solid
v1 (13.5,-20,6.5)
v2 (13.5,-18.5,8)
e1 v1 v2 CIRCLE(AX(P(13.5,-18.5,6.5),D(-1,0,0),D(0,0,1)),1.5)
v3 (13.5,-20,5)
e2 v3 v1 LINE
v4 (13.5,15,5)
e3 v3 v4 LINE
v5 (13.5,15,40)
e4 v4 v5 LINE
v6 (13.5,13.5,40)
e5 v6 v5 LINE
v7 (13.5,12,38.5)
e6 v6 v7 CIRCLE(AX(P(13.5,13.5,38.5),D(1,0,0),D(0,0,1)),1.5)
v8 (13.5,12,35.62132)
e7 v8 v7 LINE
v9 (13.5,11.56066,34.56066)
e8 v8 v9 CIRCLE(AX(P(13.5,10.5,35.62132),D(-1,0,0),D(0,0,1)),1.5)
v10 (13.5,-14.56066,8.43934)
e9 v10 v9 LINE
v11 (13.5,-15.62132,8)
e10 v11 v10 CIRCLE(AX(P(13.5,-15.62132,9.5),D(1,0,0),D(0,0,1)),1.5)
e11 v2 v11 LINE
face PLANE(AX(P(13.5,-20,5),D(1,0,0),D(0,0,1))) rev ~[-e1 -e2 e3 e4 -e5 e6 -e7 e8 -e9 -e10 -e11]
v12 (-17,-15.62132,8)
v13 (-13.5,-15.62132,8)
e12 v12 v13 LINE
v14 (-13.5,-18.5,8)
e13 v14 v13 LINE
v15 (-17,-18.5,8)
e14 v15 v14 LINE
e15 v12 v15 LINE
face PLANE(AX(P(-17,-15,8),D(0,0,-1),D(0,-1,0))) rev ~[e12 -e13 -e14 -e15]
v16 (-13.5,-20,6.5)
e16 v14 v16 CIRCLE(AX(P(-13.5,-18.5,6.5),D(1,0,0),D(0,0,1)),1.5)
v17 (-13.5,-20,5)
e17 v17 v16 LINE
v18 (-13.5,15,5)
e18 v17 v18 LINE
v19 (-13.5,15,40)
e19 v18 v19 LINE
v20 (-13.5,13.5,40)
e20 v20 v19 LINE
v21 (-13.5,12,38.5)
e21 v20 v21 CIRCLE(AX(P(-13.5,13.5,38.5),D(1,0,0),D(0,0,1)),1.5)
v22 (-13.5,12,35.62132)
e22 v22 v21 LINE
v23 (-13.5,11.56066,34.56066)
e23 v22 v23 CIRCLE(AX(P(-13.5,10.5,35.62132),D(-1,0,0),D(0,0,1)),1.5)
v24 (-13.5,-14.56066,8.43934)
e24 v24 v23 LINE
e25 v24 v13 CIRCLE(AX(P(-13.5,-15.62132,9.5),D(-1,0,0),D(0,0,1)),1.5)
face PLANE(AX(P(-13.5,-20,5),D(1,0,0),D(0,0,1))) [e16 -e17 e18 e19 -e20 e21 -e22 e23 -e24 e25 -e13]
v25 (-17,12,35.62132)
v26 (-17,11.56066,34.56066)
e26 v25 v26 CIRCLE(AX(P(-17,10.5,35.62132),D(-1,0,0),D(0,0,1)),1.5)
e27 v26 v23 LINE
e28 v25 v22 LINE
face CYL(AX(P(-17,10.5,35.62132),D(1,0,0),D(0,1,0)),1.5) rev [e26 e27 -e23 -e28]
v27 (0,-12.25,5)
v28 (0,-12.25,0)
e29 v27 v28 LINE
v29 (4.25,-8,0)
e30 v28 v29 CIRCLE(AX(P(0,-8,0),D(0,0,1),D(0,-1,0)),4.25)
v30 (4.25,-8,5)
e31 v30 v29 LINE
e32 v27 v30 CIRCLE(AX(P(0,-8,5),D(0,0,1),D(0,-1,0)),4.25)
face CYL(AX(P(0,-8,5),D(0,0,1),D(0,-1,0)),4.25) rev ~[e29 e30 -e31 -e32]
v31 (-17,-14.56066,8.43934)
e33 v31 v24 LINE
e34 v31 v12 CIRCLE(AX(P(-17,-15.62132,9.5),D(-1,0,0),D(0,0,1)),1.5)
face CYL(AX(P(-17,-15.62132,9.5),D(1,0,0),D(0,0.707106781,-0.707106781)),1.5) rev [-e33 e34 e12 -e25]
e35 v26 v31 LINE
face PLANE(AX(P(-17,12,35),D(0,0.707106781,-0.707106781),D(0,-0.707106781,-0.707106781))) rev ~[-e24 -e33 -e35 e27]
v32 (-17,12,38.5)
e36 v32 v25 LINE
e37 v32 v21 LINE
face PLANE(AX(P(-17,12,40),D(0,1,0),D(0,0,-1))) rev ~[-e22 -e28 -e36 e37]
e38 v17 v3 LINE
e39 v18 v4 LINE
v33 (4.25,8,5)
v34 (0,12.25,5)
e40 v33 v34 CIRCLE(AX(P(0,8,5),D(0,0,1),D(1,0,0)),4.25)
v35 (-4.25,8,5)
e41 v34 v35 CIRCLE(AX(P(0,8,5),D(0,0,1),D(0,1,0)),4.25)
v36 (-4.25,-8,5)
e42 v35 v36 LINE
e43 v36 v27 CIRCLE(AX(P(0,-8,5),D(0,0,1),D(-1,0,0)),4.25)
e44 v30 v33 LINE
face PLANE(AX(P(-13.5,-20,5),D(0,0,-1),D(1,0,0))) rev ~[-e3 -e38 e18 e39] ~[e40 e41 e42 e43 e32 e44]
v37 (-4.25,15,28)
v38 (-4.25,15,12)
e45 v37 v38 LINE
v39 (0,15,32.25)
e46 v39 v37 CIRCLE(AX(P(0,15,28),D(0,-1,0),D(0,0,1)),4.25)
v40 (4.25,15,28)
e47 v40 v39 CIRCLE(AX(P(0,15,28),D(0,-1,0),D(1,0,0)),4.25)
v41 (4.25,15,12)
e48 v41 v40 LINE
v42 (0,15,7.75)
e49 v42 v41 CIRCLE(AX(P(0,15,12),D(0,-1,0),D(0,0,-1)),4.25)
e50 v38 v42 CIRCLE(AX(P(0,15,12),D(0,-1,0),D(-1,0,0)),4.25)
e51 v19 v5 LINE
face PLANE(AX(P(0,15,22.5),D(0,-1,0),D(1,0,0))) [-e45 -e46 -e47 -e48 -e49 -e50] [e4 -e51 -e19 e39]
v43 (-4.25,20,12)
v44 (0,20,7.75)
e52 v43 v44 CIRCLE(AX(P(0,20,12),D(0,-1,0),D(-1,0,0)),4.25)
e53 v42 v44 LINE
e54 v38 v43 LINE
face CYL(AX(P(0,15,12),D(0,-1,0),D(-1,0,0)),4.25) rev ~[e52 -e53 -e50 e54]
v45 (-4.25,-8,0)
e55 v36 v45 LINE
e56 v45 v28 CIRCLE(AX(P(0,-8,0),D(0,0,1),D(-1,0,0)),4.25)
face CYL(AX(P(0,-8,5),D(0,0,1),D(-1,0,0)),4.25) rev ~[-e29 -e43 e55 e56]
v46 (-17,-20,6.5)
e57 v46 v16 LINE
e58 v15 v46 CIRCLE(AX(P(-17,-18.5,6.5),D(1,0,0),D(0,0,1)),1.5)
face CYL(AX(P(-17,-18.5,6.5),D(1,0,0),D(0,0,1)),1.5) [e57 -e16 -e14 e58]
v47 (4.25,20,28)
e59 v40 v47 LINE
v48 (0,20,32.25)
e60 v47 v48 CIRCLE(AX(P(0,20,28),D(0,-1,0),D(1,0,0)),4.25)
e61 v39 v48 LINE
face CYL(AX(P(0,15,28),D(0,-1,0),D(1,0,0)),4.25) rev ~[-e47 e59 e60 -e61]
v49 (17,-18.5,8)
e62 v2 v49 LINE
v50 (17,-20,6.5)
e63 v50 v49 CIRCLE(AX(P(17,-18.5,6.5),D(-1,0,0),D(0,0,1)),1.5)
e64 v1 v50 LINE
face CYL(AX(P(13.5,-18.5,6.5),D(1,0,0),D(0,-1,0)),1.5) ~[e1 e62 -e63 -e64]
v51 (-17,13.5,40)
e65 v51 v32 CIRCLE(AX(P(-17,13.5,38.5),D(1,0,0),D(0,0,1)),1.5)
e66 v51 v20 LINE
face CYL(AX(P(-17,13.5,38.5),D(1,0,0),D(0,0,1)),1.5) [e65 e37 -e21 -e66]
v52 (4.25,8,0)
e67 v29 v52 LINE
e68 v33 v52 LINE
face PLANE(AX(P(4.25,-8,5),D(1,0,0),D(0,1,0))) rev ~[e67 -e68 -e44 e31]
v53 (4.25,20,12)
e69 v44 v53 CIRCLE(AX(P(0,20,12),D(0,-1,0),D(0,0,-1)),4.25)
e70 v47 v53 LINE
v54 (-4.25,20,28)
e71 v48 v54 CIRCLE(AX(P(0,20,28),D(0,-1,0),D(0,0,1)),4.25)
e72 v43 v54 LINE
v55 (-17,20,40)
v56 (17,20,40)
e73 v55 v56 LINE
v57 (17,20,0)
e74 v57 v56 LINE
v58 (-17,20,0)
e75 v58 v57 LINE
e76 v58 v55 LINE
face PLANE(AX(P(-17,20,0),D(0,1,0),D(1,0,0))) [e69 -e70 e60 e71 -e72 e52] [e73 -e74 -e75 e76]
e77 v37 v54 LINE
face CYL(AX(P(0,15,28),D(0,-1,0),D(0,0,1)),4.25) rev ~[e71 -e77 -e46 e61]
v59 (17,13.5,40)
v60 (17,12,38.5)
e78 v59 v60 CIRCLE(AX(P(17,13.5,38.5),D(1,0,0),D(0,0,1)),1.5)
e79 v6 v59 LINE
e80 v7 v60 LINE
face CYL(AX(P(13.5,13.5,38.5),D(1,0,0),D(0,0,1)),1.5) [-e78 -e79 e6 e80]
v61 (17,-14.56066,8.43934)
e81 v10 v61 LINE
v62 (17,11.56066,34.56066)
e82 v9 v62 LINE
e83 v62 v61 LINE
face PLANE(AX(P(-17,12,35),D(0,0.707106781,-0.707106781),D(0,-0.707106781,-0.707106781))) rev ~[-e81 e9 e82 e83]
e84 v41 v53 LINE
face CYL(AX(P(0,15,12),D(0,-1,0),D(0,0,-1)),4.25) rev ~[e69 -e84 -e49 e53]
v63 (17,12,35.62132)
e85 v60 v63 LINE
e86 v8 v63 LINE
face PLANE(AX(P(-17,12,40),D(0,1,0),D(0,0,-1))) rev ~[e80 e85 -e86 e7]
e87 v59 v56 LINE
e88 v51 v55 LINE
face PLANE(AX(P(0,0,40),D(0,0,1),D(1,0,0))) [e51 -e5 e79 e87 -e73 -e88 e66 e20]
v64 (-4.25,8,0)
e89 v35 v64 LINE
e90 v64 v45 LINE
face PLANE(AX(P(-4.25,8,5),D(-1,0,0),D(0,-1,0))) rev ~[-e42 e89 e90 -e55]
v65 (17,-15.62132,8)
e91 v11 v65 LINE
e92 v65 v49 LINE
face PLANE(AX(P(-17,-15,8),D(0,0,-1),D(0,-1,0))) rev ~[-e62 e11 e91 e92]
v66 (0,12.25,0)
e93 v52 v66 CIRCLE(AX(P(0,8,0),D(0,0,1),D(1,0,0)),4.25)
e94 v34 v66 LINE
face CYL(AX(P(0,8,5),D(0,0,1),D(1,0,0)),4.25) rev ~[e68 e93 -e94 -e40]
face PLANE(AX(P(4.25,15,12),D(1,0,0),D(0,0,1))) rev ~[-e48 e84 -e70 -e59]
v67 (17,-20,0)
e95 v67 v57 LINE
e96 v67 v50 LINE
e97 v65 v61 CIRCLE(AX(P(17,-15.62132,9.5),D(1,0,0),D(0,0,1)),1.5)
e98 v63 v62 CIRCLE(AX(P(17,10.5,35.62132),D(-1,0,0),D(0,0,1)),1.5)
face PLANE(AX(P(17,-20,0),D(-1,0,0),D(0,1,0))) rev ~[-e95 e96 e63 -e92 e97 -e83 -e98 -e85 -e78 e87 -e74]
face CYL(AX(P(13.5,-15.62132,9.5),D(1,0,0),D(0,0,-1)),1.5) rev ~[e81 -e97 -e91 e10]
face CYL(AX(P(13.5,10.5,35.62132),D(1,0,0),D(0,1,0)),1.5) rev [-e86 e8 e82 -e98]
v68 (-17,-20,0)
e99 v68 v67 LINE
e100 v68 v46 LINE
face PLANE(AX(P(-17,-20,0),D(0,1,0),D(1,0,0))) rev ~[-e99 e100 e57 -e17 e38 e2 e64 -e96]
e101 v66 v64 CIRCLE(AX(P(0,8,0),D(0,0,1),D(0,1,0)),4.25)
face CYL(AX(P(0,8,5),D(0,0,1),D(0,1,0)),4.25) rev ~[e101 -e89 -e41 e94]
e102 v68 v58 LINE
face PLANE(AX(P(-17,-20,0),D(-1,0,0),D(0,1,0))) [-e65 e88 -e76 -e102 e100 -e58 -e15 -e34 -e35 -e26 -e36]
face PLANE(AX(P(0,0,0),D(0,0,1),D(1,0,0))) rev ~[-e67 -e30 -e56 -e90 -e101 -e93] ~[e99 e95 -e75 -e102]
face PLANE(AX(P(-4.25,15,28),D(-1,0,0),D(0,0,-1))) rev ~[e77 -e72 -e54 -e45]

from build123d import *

# Parameters (mm, degrees)
F0_W     = 34
F0_H     = 40
F1_DEPTH = 40
F2_W     = 27
F2_H     = 35
F3_DEPTH = 35
F5_DEPTH = 34.001
F7_DEPTH = 5.001
F9_DEPTH = 5.001
F10_R    = 1.5


with BuildPart() as f1:
    # F0 (on Top) → F1 (new body)
    with BuildSketch(Plane.XY):
        Rectangle(F0_W, F0_H)
    extrude(amount=F1_DEPTH)

    # F2 (on face) → F3 (cut)
    with BuildSketch(Plane.XZ.offset(20)):
        with Locations((0, 22.5)):
            Rectangle(F2_W, F2_H)
    extrude(amount=-F3_DEPTH, mode=Mode.SUBTRACT)

    # F4 (on face) → F5 (cut, through all)
    with BuildSketch(Plane(origin=(-17, 0, 0), x_dir=(0, -1, 0), z_dir=(-1, 0, 0))):
        Polygon((20, 40), (-12, 40), (-12, 35), (15, 8), (20, 8), align=None)
    extrude(amount=-F5_DEPTH, mode=Mode.SUBTRACT)

    # F6 (on face) → F7 (cut, through all)
    with BuildSketch(Plane.XY.offset(5)):
        with BuildLine():
            ThreePointArc((4.25, 8), (0, 3.75), (-4.25, 8))
            Line((-4.25, 8), (-4.25, -8))
            ThreePointArc((-4.25, -8), (0, -3.75), (4.25, -8))
            Line((4.25, -8), (4.25, 8))
        make_face()
        with BuildLine():
            ThreePointArc((4.25, 8), (3.00520382, 11.00520382), (0, 12.25))
            ThreePointArc((0, 12.25), (-3.00520382, 11.00520382), (-4.25, 8))
            ThreePointArc((-4.25, 8), (0, 3.75), (4.25, 8))
        make_face()
        with BuildLine():
            ThreePointArc((4.25, -8), (0, -3.75), (-4.25, -8))
            ThreePointArc((-4.25, -8), (-3.00520382, -11.00520382), (0, -12.25))
            ThreePointArc((0, -12.25), (3.00520382, -11.00520382), (4.25, -8))
        make_face()
    extrude(amount=-F7_DEPTH, mode=Mode.SUBTRACT)

    # F8 (on face) → F9 (cut, through all)
    with BuildSketch(Plane.XZ.offset(-15)):
        with BuildLine():
            ThreePointArc((4.25, 28), (0, 23.75), (-4.25, 28))
            Line((-4.25, 28), (-4.25, 12))
            ThreePointArc((-4.25, 12), (0, 16.25), (4.25, 12))
            Line((4.25, 12), (4.25, 28))
        make_face()
        with BuildLine():
            ThreePointArc((4.25, 28), (3.00520382, 31.00520382), (0, 32.25))
            ThreePointArc((0, 32.25), (-3.00520382, 31.00520382), (-4.25, 28))
            ThreePointArc((-4.25, 28), (0, 23.75), (4.25, 28))
        make_face()
        with BuildLine():
            ThreePointArc((4.25, 12), (0, 16.25), (-4.25, 12))
            ThreePointArc((-4.25, 12), (-3.00520382, 8.99479618), (0, 7.75))
            ThreePointArc((0, 7.75), (3.00520382, 8.99479618), (4.25, 12))
        make_face()
    extrude(amount=-F9_DEPTH, mode=Mode.SUBTRACT)

    # F10
    f10_edges = [f1.edges().sort_by_distance(p)[0] for p in [
        (-15.25, -15, 8),
        (15.25, -15, 8),
        (15.25, -20, 8),
        (-15.25, -20, 8),
        (15.25, 12, 35),
        (-15.25, 12, 35),
        (-15.25, 12, 40),
        (15.25, 12, 40),
    ]]
    fillet(f10_edges, radius=F10_R)


solid = f1.part
